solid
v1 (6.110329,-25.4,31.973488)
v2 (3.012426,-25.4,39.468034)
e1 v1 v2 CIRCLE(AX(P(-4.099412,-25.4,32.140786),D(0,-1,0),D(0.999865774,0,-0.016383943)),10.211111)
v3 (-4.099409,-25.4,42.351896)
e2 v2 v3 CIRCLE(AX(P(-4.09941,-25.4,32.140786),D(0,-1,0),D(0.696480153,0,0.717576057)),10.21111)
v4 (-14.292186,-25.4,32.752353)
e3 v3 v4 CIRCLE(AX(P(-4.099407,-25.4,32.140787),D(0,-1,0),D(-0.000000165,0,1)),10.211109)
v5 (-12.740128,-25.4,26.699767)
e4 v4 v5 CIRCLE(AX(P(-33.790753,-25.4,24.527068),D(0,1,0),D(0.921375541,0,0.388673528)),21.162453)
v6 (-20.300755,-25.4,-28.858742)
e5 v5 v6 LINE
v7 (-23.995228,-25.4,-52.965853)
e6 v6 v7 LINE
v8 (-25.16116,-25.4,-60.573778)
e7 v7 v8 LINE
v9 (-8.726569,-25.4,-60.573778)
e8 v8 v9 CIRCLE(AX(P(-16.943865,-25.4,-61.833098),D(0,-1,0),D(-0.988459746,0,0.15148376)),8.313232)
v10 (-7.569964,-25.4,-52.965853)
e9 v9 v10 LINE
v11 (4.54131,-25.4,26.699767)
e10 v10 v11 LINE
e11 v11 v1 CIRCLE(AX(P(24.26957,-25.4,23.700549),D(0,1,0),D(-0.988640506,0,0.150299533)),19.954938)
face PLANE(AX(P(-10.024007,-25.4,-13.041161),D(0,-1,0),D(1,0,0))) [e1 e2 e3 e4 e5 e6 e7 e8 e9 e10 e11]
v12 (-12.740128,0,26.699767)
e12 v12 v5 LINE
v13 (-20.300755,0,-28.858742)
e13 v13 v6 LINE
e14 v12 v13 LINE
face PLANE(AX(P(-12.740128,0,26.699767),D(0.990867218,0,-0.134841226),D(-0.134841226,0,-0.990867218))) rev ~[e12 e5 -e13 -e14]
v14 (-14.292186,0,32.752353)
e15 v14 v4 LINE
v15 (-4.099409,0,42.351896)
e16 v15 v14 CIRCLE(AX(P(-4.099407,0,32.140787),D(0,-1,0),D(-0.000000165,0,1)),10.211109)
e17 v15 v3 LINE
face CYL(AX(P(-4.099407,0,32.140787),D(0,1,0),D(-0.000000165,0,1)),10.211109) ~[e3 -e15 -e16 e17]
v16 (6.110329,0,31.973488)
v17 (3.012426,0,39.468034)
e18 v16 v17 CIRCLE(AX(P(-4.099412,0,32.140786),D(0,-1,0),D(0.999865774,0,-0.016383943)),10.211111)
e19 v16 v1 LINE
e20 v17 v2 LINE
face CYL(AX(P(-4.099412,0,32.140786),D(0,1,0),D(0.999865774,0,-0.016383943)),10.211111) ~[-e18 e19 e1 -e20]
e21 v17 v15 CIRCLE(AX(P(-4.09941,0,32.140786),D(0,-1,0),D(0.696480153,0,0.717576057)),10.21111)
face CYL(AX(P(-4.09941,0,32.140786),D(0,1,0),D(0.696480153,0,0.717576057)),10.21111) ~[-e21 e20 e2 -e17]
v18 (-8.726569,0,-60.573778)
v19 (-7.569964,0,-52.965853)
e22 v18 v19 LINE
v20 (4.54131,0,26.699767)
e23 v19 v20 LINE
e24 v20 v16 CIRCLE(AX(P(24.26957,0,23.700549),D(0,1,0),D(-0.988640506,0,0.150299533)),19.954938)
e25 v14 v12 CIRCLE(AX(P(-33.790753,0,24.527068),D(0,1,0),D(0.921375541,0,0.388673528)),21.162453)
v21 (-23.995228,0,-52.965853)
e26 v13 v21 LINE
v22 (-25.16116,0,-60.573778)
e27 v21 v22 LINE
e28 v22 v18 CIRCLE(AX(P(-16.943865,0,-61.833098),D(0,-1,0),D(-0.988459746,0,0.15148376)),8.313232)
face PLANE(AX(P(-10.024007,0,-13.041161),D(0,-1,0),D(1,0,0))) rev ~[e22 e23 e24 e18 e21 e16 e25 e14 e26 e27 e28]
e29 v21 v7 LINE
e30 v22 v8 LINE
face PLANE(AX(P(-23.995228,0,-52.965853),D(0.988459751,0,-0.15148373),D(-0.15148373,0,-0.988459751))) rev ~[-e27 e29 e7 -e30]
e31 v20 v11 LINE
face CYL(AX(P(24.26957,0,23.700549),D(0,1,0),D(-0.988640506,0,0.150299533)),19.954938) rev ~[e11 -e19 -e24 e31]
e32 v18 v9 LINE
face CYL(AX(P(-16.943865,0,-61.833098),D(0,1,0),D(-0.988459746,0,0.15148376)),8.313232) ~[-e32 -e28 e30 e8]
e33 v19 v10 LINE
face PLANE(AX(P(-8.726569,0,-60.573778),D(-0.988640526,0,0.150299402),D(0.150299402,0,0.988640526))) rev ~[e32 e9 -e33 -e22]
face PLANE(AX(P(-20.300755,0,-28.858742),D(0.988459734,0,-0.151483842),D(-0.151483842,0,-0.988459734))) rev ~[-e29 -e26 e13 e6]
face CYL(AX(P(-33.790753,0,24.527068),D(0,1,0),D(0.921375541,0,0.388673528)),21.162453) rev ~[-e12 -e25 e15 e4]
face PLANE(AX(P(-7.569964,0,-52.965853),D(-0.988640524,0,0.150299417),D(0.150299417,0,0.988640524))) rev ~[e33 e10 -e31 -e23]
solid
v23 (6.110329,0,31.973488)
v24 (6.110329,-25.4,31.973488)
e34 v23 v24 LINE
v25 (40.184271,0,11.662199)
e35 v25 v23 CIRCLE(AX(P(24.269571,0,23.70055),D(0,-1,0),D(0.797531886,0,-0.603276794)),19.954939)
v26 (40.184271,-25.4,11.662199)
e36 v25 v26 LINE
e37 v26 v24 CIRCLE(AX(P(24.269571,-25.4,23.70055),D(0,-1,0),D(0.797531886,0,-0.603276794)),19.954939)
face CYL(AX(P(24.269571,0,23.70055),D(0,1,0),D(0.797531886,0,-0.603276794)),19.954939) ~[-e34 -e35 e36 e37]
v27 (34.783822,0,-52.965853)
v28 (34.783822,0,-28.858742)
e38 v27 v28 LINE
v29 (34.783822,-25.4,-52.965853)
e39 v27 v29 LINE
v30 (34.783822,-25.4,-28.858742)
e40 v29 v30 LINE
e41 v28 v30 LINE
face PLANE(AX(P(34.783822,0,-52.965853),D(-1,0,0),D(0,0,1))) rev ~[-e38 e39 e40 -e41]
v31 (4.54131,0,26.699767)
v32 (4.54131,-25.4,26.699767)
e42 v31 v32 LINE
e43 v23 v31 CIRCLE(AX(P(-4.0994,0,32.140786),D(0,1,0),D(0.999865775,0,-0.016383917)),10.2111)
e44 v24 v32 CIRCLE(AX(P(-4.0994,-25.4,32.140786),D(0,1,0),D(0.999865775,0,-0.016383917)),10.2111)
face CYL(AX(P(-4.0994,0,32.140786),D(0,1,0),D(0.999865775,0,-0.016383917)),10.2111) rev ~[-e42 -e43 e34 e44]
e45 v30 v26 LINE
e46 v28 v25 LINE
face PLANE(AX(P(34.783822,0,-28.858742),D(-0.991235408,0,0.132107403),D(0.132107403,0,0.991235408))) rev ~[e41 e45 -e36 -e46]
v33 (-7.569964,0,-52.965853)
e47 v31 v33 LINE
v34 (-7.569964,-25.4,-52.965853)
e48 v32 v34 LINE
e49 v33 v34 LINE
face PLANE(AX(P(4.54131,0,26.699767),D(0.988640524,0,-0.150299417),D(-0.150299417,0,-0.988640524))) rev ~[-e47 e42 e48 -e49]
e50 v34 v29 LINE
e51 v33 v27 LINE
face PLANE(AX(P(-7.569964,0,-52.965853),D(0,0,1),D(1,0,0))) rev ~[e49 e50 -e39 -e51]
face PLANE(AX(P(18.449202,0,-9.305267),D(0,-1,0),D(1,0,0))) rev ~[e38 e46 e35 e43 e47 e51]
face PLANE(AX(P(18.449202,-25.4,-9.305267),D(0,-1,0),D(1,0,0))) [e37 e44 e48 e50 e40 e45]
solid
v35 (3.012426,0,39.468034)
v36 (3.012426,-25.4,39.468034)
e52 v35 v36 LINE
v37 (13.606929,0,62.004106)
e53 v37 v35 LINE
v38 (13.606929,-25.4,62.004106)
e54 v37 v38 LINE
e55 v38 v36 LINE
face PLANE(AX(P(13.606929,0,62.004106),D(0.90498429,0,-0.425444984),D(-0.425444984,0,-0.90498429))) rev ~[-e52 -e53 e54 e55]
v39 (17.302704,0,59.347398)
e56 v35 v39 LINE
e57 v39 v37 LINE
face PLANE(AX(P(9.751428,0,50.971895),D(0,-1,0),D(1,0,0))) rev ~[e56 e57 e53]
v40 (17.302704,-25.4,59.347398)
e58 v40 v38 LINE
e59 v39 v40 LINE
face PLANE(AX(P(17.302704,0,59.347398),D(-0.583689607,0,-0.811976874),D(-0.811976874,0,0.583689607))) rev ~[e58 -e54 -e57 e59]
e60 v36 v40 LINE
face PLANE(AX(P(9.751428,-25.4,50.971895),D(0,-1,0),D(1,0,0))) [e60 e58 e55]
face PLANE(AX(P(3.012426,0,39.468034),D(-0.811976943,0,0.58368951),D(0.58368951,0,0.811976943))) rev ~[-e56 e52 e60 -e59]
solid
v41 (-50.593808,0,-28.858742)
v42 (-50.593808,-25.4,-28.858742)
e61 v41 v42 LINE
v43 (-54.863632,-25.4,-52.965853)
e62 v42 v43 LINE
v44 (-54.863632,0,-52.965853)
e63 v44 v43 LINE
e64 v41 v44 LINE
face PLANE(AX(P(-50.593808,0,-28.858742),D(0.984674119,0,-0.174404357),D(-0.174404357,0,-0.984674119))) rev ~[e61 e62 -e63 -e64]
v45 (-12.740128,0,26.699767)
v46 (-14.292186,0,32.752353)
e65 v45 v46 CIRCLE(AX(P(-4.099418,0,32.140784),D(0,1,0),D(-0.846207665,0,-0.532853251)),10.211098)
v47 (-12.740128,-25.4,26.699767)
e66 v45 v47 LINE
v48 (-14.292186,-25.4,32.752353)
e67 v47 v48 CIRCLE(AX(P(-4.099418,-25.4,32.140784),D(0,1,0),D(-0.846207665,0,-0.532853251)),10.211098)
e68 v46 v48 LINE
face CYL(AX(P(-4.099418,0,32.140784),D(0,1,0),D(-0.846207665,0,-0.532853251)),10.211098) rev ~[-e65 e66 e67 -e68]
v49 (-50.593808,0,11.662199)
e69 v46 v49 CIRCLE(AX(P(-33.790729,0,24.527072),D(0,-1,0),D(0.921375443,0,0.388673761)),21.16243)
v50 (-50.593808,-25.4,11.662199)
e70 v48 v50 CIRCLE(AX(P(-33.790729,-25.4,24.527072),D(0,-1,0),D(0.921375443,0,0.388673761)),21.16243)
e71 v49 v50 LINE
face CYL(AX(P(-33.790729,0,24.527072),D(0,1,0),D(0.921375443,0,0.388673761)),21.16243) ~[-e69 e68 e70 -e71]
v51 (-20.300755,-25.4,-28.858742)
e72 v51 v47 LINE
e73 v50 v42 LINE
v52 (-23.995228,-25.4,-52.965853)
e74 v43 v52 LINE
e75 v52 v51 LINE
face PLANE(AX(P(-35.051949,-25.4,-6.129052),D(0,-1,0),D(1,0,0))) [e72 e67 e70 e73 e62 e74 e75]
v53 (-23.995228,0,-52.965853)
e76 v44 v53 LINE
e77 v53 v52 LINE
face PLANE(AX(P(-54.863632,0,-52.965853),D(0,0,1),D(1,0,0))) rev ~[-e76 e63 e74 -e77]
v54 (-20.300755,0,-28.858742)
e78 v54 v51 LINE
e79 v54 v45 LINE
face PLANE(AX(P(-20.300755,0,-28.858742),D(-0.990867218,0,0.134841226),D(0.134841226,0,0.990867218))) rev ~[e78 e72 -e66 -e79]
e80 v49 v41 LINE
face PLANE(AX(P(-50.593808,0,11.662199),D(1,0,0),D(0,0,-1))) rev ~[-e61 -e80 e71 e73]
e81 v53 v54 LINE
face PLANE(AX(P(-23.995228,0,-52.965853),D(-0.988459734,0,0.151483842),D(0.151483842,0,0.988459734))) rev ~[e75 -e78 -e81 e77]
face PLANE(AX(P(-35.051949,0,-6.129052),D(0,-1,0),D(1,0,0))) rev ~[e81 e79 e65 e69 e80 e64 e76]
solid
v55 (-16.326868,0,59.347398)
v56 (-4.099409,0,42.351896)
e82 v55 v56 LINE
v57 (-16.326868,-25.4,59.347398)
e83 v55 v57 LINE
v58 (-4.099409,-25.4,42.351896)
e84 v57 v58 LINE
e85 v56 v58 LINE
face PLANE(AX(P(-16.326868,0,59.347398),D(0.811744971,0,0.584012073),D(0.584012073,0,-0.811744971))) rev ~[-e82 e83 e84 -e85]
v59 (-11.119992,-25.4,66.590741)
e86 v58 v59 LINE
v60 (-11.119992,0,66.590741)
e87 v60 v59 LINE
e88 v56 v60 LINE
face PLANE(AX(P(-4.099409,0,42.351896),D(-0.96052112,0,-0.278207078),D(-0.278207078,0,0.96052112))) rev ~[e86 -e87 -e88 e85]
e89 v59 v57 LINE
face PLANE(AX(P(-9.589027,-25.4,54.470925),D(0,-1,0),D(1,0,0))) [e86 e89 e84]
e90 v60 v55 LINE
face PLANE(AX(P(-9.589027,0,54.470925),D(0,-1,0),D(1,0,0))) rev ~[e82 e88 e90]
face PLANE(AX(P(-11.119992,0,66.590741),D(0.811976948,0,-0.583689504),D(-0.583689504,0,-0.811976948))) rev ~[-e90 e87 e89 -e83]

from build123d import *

# Parameters (mm, degrees)
F1_DEPTH = 25.4
F2_DEPTH = 25.4


with BuildPart() as f1:
    # F0 (on Front) → F1 (new body)
    with BuildSketch(Plane.XZ):
        with BuildLine():
            ThreePointArc((-14.292186, 32.752353), (-44.421582, 42.825525), (-50.593808, 11.662199))
            Line((-50.593808, 11.662199), (-50.593808, -28.858742))
            Line((-50.593808, -28.858742), (-54.863632, -52.965853))
            Line((-54.863632, -52.965853), (-23.995228, -52.965853))
            Line((-23.995228, -52.965853), (-20.300755, -28.858742))
            Line((-20.300755, -28.858742), (-12.740128, 26.699767))
            ThreePointArc((-12.740128, 26.699767), (-13.990496, 29.604426), (-14.292186, 32.752353))
        make_face()
        with BuildLine():
            ThreePointArc((40.184271, 11.662199), (34.487037, 40.841232), (6.110329, 31.973488))
            ThreePointArc((6.110329, 31.973488), (5.687724, 29.228955), (4.54131, 26.699767))
            Line((4.54131, 26.699767), (-7.569964, -52.965853))
            Line((-7.569964, -52.965853), (34.783822, -52.965853))
            Line((34.783822, -52.965853), (34.783822, -28.858742))
            Line((34.783822, -28.858742), (40.184271, 11.662199))
        make_face()
        Polygon((-16.326868, 59.347398), (-4.099409, 42.351896), (-11.119992, 66.590741), align=None)
        Polygon((13.606929, 62.004106), (3.012426, 39.468034), (17.302704, 59.347398), align=None)
    extrude(amount=F1_DEPTH)


with BuildPart() as f2:
    # F0 (on Front) → F2 (new body)
    with BuildSketch(Plane.XZ):
        with BuildLine():
            ThreePointArc((-4.099409, 42.351896), (-11.100193, 39.574208), (-14.292186, 32.752353))
            ThreePointArc((-14.292186, 32.752353), (-13.291541, 29.783658), (-12.740128, 26.699767))
            Line((-12.740128, 26.699767), (-20.300755, -28.858742))
            Line((-20.300755, -28.858742), (-23.995228, -52.965853))
            Line((-23.995228, -52.965853), (-25.16116, -60.573778))
            ThreePointArc((-25.16116, -60.573778), (-16.943865, -70.14633), (-8.726569, -60.573778))
            Line((-8.726569, -60.573778), (-7.569964, -52.965853))
            Line((-7.569964, -52.965853), (4.54131, 26.699767))
            ThreePointArc((4.54131, 26.699767), (5.143182, 29.390965), (6.110329, 31.973488))
            ThreePointArc((6.110329, 31.973488), (5.337289, 36.041488), (3.012426, 39.468034))
            ThreePointArc((3.012426, 39.468034), (-0.26226, 41.603505), (-4.099409, 42.351896))
        make_face()
    extrude(amount=F2_DEPTH)


solid = Compound([f1.part, f2.part])
